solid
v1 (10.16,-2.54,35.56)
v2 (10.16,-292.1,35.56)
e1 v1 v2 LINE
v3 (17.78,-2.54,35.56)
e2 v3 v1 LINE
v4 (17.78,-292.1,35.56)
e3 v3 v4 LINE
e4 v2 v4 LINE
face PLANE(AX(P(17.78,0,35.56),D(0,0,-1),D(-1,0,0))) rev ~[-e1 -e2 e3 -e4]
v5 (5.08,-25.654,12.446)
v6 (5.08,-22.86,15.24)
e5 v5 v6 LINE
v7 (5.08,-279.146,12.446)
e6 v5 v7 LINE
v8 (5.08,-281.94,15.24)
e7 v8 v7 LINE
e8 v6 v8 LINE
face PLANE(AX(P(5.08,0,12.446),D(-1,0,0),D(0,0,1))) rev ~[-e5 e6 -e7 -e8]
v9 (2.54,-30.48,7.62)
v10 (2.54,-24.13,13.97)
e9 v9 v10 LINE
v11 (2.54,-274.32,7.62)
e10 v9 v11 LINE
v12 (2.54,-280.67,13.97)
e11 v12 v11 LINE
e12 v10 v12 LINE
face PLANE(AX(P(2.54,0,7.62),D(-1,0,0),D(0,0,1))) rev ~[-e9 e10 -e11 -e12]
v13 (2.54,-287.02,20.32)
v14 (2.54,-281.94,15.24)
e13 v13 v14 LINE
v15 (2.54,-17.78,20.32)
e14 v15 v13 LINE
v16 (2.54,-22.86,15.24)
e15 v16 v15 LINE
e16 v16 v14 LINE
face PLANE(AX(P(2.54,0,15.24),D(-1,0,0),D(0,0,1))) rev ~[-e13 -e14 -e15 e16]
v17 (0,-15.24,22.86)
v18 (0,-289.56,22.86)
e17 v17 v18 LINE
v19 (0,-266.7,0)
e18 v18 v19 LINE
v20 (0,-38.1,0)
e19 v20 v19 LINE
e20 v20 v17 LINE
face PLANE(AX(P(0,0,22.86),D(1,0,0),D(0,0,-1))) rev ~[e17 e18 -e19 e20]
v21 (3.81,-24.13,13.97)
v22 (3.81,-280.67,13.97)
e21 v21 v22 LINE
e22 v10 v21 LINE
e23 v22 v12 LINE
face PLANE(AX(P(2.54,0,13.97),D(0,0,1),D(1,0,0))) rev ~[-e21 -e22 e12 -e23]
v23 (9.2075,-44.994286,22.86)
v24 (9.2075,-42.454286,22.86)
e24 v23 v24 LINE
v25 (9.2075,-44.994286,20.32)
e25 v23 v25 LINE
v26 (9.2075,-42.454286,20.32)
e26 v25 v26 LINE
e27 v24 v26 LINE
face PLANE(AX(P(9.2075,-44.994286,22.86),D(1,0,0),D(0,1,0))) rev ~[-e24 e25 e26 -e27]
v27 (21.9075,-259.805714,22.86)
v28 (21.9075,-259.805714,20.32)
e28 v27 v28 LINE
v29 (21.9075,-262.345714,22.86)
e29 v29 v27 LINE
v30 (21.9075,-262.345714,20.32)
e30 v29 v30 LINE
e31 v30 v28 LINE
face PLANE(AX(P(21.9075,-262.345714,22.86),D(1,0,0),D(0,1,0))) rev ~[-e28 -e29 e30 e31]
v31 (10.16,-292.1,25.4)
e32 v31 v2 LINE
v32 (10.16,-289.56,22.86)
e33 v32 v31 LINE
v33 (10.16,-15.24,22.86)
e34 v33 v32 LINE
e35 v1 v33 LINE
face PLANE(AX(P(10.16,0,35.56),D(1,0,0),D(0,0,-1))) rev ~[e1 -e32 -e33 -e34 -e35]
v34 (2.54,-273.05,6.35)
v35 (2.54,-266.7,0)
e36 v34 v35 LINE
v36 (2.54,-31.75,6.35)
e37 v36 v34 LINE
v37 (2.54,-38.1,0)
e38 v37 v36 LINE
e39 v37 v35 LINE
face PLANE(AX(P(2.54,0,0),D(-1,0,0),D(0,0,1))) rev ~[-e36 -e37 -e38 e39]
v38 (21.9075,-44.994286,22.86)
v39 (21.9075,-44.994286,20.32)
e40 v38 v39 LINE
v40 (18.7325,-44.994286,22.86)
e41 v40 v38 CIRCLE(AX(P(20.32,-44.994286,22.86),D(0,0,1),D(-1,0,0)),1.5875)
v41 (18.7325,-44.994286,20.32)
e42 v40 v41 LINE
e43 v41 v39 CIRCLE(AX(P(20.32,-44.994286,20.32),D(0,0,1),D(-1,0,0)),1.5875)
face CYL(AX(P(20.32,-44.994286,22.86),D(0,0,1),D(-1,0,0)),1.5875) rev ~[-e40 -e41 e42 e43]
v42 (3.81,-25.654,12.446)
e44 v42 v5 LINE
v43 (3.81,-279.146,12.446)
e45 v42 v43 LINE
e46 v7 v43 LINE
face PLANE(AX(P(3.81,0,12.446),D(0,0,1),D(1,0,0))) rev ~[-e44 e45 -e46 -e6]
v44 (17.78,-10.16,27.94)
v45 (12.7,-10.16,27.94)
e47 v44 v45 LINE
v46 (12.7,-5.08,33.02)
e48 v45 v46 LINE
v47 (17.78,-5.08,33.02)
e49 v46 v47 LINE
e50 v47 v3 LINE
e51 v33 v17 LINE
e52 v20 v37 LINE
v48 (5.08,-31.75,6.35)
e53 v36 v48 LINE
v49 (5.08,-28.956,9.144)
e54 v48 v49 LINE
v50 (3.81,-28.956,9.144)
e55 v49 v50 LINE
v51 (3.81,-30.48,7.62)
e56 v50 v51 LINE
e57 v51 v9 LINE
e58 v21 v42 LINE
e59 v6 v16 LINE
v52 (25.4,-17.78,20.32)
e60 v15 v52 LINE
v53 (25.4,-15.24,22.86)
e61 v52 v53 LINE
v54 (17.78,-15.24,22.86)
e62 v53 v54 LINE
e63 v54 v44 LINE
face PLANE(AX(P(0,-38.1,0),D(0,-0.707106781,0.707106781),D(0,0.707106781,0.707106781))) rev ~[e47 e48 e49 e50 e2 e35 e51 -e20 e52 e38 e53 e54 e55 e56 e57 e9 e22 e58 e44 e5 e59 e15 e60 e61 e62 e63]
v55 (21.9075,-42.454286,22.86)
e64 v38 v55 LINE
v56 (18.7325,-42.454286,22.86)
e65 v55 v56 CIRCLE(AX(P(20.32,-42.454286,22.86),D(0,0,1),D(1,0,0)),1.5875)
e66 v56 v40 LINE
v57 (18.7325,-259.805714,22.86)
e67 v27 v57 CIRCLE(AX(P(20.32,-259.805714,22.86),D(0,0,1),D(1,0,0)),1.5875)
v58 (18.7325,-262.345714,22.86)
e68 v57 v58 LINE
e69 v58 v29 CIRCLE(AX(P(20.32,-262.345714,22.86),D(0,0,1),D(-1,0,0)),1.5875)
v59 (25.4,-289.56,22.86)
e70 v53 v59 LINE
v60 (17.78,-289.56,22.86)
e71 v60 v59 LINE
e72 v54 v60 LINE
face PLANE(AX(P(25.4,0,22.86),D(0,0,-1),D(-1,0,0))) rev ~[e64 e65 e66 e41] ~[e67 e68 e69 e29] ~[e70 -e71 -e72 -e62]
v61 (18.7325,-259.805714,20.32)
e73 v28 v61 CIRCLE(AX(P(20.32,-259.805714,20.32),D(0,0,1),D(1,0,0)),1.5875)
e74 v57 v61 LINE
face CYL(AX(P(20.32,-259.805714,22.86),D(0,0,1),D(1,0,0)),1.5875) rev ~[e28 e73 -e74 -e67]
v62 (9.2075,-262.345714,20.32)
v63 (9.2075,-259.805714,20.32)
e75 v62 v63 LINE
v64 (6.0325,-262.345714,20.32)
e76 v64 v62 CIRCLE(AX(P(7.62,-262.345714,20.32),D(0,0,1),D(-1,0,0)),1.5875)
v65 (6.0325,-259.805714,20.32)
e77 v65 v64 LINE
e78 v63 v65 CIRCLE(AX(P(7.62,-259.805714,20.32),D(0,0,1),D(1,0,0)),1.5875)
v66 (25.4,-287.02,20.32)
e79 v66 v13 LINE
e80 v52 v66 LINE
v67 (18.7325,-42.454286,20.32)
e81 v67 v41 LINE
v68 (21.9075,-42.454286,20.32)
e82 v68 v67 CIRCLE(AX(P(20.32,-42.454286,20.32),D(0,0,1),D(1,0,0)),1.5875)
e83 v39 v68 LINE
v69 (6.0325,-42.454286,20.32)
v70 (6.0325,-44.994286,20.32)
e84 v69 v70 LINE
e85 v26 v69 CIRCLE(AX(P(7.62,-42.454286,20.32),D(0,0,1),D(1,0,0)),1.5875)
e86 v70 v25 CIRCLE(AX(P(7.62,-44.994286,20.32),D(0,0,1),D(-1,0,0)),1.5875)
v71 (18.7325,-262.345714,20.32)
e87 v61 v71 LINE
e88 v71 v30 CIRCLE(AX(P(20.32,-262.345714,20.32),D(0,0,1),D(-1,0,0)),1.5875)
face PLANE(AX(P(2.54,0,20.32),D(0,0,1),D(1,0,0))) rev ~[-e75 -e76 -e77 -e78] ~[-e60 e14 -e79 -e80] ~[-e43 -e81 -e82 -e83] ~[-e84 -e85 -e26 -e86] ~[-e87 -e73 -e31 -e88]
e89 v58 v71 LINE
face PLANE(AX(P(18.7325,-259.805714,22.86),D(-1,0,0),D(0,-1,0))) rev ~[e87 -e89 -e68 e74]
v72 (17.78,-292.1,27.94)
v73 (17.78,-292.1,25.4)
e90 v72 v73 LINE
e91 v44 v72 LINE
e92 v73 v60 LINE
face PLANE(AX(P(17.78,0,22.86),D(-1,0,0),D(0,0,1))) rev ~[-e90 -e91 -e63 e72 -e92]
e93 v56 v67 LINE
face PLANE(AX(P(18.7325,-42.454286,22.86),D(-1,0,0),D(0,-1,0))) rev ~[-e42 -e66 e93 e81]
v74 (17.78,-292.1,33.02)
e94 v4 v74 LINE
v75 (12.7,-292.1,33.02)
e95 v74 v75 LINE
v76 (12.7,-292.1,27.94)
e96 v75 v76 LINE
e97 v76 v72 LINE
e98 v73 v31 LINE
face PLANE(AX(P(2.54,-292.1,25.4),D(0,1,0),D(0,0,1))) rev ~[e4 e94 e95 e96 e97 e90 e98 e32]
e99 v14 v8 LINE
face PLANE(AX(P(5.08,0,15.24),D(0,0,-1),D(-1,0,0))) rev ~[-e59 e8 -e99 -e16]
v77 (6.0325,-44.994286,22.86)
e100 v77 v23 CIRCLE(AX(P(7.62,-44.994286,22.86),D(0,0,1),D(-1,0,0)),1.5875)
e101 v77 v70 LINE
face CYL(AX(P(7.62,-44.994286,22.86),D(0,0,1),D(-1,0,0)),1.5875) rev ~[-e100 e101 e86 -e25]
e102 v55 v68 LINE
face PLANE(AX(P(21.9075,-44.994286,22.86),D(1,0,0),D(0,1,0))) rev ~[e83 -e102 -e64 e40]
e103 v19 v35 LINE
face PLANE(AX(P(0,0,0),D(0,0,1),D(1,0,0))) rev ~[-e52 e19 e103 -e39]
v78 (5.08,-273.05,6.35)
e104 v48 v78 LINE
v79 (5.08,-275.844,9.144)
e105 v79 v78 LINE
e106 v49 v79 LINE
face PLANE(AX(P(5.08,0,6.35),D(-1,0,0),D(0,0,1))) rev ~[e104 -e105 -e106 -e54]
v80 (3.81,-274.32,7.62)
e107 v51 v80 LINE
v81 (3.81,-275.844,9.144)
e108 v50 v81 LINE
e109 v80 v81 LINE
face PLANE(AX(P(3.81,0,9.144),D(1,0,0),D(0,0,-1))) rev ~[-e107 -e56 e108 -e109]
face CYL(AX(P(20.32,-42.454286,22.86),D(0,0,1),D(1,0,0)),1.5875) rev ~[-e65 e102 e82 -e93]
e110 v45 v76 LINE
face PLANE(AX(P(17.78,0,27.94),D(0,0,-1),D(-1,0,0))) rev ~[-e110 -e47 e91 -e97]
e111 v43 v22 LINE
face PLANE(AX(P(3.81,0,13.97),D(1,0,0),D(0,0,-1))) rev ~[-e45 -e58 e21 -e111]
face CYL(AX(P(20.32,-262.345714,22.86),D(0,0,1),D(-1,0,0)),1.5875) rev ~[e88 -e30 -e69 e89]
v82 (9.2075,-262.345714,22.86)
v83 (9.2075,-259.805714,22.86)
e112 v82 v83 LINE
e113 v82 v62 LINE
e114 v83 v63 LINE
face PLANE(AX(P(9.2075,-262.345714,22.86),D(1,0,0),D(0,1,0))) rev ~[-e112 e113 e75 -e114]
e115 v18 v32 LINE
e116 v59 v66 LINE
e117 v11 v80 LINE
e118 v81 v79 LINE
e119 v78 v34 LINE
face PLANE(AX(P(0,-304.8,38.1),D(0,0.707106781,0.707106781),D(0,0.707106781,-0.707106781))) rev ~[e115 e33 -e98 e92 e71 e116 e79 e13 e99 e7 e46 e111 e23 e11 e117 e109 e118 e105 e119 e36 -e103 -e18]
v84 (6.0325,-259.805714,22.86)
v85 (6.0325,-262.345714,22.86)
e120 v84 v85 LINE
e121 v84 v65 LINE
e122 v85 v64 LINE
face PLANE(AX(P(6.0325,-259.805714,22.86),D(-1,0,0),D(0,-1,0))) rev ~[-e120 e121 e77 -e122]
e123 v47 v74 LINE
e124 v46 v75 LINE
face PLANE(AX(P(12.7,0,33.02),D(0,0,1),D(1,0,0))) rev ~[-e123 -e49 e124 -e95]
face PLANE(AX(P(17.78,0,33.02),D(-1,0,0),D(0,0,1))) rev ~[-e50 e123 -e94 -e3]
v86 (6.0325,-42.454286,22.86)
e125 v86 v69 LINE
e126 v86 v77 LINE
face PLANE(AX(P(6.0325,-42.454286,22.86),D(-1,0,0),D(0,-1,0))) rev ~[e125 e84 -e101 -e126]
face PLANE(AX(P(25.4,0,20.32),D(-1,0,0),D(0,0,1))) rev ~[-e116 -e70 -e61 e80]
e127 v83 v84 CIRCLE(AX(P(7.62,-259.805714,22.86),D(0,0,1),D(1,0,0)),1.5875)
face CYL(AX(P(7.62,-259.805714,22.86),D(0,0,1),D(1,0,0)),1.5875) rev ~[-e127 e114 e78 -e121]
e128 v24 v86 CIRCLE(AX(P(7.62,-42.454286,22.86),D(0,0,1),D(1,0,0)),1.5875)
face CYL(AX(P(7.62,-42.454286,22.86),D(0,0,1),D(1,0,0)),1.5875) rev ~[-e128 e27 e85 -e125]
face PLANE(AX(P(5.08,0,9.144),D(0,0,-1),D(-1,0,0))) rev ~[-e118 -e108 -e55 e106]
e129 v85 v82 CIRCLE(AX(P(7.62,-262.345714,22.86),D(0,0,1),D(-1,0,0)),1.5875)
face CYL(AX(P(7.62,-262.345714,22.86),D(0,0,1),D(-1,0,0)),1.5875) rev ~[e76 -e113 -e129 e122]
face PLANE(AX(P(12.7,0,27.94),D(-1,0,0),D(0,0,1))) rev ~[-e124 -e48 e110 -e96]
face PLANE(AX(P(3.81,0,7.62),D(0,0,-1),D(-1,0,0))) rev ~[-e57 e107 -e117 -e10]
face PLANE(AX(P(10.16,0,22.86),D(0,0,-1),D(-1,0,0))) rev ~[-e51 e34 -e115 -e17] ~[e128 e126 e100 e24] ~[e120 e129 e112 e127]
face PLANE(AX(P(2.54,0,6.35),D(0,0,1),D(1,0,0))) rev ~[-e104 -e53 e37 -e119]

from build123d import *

# Parameters (mm, degrees)
F1_DEPTH = 304.8
F3_DEPTH = 25.4
F5_DEPTH = 50.8
F7_DEPTH = 25.4


with BuildPart() as f1:
    # F0 (on Front) → F1 (new body)
    with BuildSketch(Plane.XZ):
        Polygon((0, 22.86), (0, 0), (2.54, 0), (2.54, 6.35), (5.08, 6.35), (5.08, 9.144), (3.81, 9.144), (3.81, 7.62), (2.54, 7.62), (2.54, 13.97), (3.81, 13.97), (3.81, 12.446), (5.08, 12.446), (5.08, 15.24), (2.54, 15.24), (2.54, 20.32), (25.4, 20.32), (25.4, 22.86), (17.78, 22.86), (17.78, 27.94), (12.7, 27.94), (12.7, 33.02), (17.78, 33.02), (17.78, 35.56), (10.16, 35.56), (10.16, 22.86), align=None)
    extrude(amount=F1_DEPTH)

    # F2 (on face) → F3 (cut)
    with BuildSketch(Plane(origin=(0, 0, 0), x_dir=(0, -1, 0), z_dir=(-1, 0, 0))):
        Polygon((0, 38.1), (0, 0), (38.1, 0), align=None)
        Polygon((304.8, 0), (304.8, 38.1), (266.7, 0), align=None)
    extrude(amount=-F3_DEPTH, mode=Mode.SUBTRACT)

    # F4 (on face) → F5 (cut, symmetric)
    with BuildSketch(Plane.YZ.offset(2.54)):
        Polygon((-292.1, 25.4), (-292.1, 35.56), (-302.26, 35.56), align=None)
    extrude(amount=F5_DEPTH, both=True, mode=Mode.SUBTRACT)

    # F6 (on face) → F7 (cut)
    with BuildSketch(Plane.XY.offset(22.86)):
        with BuildLine():
            ThreePointArc((9.2075, -259.805714), (7.62, -258.218214), (6.0325, -259.805714))
            Line((6.0325, -259.805714), (6.0325, -262.345714))
            ThreePointArc((6.0325, -262.345714), (7.62, -263.933214), (9.2075, -262.345714))
            Line((9.2075, -262.345714), (9.2075, -259.805714))
        make_face()
        with BuildLine():
            Line((21.9075, -262.345714), (21.9075, -259.805714))
            ThreePointArc((21.9075, -259.805714), (20.32, -258.218214), (18.7325, -259.805714))
            Line((18.7325, -259.805714), (18.7325, -262.345714))
            ThreePointArc((18.7325, -262.345714), (20.32, -263.933214), (21.9075, -262.345714))
        make_face()
        with BuildLine():
            Line((9.2075, -44.994286), (9.2075, -42.454286))
            ThreePointArc((9.2075, -42.454286), (7.62, -40.866786), (6.0325, -42.454286))
            Line((6.0325, -42.454286), (6.0325, -44.994286))
            ThreePointArc((6.0325, -44.994286), (7.62, -46.581786), (9.2075, -44.994286))
        make_face()
        with BuildLine():
            ThreePointArc((21.9075, -42.454286), (20.32, -40.866786), (18.7325, -42.454286))
            Line((18.7325, -42.454286), (18.7325, -44.994286))
            ThreePointArc((18.7325, -44.994286), (20.32, -46.581786), (21.9075, -44.994286))
            Line((21.9075, -44.994286), (21.9075, -42.454286))
        make_face()
    extrude(amount=-F7_DEPTH, mode=Mode.SUBTRACT)


solid = f1.part
